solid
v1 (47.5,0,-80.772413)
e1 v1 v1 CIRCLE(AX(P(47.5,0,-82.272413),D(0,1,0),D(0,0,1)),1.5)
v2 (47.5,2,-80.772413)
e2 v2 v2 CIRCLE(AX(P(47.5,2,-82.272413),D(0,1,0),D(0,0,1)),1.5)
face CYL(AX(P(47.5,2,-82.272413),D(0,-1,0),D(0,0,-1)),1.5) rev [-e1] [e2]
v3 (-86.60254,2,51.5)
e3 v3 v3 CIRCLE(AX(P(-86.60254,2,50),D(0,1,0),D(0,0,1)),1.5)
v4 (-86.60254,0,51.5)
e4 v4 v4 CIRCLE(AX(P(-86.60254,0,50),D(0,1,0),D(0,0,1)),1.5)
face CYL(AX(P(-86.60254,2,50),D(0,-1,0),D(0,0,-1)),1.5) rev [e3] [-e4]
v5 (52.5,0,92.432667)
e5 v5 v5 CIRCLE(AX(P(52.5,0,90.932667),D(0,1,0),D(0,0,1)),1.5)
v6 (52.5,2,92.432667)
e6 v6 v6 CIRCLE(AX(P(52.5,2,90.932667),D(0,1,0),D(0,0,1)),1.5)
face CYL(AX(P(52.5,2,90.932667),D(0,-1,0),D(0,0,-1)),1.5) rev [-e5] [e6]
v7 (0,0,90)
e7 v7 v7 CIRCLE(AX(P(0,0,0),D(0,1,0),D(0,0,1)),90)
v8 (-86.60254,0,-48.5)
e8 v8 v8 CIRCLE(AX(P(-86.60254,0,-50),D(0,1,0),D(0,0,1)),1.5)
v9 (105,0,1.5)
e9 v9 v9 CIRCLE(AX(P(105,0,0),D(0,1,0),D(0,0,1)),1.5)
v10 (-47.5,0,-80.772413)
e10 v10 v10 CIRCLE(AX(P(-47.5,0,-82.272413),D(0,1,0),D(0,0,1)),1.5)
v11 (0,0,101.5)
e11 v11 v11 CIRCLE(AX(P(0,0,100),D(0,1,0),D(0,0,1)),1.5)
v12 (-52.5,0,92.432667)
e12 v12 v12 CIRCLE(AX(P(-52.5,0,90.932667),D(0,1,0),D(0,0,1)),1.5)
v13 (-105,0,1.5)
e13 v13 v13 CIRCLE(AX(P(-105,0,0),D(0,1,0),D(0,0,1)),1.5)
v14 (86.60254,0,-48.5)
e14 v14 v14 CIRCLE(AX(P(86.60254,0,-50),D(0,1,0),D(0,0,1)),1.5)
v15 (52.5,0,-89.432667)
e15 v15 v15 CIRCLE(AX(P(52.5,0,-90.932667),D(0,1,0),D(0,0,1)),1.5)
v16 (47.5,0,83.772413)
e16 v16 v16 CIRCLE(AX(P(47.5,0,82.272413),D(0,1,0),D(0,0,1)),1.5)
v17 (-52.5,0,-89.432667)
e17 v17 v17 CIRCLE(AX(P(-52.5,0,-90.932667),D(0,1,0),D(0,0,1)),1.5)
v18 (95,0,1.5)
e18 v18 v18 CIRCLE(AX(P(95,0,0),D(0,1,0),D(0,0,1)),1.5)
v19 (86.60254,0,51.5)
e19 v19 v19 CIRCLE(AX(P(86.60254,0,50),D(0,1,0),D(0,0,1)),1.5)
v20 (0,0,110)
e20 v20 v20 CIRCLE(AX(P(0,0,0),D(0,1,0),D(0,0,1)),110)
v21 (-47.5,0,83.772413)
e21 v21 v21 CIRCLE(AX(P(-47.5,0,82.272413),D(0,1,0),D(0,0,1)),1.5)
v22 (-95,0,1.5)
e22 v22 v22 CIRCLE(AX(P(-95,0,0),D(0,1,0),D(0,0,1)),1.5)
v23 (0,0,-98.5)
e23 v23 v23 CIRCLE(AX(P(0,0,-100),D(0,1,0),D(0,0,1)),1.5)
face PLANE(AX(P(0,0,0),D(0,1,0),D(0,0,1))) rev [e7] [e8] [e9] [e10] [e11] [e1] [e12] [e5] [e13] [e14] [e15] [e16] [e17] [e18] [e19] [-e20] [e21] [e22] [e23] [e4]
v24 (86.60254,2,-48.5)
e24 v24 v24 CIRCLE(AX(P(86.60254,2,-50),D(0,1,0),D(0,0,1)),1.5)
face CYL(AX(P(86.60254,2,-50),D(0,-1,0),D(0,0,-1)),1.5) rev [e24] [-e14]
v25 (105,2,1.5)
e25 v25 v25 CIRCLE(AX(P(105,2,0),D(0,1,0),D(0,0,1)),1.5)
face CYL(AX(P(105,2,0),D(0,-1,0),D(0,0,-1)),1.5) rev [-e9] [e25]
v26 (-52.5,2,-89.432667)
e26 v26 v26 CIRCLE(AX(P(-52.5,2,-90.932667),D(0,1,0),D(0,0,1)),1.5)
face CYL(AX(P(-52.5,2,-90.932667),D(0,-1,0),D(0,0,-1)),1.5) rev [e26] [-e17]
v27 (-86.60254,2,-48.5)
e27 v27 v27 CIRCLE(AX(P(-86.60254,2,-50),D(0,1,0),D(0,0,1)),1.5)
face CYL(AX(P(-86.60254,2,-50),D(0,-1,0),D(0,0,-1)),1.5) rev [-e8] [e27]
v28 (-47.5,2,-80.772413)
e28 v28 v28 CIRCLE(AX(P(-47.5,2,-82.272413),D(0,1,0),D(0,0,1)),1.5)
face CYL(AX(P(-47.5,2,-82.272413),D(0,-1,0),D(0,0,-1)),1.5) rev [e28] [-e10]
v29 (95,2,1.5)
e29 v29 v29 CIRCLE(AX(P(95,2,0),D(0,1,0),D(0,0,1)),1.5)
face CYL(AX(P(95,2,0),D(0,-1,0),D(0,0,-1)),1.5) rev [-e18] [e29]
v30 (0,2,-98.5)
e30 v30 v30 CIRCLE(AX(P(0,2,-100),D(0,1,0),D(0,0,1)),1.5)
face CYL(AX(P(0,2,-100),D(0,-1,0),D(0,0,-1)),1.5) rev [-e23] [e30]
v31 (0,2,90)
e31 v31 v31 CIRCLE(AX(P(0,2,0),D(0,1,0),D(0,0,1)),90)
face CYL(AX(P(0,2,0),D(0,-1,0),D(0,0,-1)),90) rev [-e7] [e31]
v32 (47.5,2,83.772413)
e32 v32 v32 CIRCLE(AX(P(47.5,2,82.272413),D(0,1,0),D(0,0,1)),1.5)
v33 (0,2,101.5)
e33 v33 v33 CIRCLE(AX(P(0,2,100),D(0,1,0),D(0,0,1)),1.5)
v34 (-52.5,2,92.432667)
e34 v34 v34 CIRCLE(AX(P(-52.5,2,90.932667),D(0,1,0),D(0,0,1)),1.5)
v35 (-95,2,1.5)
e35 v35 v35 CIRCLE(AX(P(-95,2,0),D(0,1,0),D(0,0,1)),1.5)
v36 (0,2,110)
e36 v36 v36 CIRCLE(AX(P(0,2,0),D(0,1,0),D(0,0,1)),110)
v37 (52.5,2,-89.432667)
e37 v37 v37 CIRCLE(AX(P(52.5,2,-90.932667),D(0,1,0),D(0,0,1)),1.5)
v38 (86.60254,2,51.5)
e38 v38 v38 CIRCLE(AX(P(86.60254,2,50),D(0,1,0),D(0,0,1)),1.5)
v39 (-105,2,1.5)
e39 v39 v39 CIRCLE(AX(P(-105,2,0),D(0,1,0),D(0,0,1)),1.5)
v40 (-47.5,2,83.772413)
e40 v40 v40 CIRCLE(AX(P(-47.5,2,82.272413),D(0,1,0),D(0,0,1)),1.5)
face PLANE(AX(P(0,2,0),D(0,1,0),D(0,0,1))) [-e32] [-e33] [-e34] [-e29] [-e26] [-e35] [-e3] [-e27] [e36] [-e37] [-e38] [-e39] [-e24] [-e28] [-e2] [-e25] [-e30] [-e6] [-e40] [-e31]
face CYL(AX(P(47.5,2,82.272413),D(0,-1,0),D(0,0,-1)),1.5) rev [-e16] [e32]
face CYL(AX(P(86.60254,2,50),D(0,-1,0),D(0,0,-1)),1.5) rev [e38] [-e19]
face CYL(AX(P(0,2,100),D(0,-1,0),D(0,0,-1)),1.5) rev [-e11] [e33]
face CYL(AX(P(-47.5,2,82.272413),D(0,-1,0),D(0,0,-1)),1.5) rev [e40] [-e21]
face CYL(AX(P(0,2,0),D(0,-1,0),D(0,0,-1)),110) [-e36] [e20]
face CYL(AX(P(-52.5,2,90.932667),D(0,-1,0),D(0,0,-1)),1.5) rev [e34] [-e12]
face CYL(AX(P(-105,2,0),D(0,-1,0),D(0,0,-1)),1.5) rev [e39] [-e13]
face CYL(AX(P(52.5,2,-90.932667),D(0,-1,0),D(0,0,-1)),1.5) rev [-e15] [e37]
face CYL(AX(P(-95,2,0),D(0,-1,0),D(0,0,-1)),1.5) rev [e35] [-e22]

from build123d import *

# Parameters (mm, degrees)
SKETCH1_R           = 110
SKETCH1_R_2         = 90
SKETCH1_R_3         = 1.5
BOSS_EXTRUDE1_DEPTH = 2


with BuildPart() as part:
    # Sketch1 → Boss-Extrude1 (new body)
    with BuildSketch(Plane(origin=(0, 0, 0), x_dir=(1, 0, 0), z_dir=(0, 1, 0))):
        with Locations(Location((0, 0, 0), (0, 0, 270))):
            Circle(SKETCH1_R)
        with Locations(Location((0, 0, 0), (0, 0, 270))):
            Circle(SKETCH1_R_2, mode=Mode.SUBTRACT)
        with Locations(Location((95, 0, 0), (0, 0, 270))):
            Circle(SKETCH1_R_3, mode=Mode.SUBTRACT)
        with Locations(Location((105, 0, 0), (0, 0, 270))):
            Circle(SKETCH1_R_3, mode=Mode.SUBTRACT)
        with Locations(Location((86.602540378, 50, 0), (0, 0, 270))):
            Circle(SKETCH1_R_3, mode=Mode.SUBTRACT)
        with Locations(Location((86.602540378, -50, 0), (0, 0, 270))):
            Circle(SKETCH1_R_3, mode=Mode.SUBTRACT)
        with Locations(Location((52.5, -90.932667397, 0), (0, 0, 270))):
            Circle(SKETCH1_R_3, mode=Mode.SUBTRACT)
        with Locations(Location((47.5, -82.27241336, 0), (0, 0, 270))):
            Circle(SKETCH1_R_3, mode=Mode.SUBTRACT)
        with Locations(Location((0, -100, 0), (0, 0, 270))):
            Circle(SKETCH1_R_3, mode=Mode.SUBTRACT)
        with Locations(Location((-52.5, -90.932667397, 0), (0, 0, 270))):
            Circle(SKETCH1_R_3, mode=Mode.SUBTRACT)
        with Locations(Location((-47.5, -82.27241336, 0), (0, 0, 270))):
            Circle(SKETCH1_R_3, mode=Mode.SUBTRACT)
        with Locations(Location((-86.602540378, -50, 0), (0, 0, 270))):
            Circle(SKETCH1_R_3, mode=Mode.SUBTRACT)
        with Locations(Location((-105, 0, 0), (0, 0, 270))):
            Circle(SKETCH1_R_3, mode=Mode.SUBTRACT)
        with Locations(Location((-95, 0, 0), (0, 0, 270))):
            Circle(SKETCH1_R_3, mode=Mode.SUBTRACT)
        with Locations(Location((-86.602540378, 50, 0), (0, 0, 270))):
            Circle(SKETCH1_R_3, mode=Mode.SUBTRACT)
        with Locations(Location((-52.5, 90.932667397, 0), (0, 0, 270))):
            Circle(SKETCH1_R_3, mode=Mode.SUBTRACT)
        with Locations(Location((-47.5, 82.27241336, 0), (0, 0, 270))):
            Circle(SKETCH1_R_3, mode=Mode.SUBTRACT)
        with Locations(Location((0, 100, 0), (0, 0, 270))):
            Circle(SKETCH1_R_3, mode=Mode.SUBTRACT)
        with Locations(Location((52.5, 90.932667397, 0), (0, 0, 270))):
            Circle(SKETCH1_R_3, mode=Mode.SUBTRACT)
        with Locations(Location((47.5, 82.27241336, 0), (0, 0, 270))):
            Circle(SKETCH1_R_3, mode=Mode.SUBTRACT)
    extrude(amount=BOSS_EXTRUDE1_DEPTH)


solid = part.part
